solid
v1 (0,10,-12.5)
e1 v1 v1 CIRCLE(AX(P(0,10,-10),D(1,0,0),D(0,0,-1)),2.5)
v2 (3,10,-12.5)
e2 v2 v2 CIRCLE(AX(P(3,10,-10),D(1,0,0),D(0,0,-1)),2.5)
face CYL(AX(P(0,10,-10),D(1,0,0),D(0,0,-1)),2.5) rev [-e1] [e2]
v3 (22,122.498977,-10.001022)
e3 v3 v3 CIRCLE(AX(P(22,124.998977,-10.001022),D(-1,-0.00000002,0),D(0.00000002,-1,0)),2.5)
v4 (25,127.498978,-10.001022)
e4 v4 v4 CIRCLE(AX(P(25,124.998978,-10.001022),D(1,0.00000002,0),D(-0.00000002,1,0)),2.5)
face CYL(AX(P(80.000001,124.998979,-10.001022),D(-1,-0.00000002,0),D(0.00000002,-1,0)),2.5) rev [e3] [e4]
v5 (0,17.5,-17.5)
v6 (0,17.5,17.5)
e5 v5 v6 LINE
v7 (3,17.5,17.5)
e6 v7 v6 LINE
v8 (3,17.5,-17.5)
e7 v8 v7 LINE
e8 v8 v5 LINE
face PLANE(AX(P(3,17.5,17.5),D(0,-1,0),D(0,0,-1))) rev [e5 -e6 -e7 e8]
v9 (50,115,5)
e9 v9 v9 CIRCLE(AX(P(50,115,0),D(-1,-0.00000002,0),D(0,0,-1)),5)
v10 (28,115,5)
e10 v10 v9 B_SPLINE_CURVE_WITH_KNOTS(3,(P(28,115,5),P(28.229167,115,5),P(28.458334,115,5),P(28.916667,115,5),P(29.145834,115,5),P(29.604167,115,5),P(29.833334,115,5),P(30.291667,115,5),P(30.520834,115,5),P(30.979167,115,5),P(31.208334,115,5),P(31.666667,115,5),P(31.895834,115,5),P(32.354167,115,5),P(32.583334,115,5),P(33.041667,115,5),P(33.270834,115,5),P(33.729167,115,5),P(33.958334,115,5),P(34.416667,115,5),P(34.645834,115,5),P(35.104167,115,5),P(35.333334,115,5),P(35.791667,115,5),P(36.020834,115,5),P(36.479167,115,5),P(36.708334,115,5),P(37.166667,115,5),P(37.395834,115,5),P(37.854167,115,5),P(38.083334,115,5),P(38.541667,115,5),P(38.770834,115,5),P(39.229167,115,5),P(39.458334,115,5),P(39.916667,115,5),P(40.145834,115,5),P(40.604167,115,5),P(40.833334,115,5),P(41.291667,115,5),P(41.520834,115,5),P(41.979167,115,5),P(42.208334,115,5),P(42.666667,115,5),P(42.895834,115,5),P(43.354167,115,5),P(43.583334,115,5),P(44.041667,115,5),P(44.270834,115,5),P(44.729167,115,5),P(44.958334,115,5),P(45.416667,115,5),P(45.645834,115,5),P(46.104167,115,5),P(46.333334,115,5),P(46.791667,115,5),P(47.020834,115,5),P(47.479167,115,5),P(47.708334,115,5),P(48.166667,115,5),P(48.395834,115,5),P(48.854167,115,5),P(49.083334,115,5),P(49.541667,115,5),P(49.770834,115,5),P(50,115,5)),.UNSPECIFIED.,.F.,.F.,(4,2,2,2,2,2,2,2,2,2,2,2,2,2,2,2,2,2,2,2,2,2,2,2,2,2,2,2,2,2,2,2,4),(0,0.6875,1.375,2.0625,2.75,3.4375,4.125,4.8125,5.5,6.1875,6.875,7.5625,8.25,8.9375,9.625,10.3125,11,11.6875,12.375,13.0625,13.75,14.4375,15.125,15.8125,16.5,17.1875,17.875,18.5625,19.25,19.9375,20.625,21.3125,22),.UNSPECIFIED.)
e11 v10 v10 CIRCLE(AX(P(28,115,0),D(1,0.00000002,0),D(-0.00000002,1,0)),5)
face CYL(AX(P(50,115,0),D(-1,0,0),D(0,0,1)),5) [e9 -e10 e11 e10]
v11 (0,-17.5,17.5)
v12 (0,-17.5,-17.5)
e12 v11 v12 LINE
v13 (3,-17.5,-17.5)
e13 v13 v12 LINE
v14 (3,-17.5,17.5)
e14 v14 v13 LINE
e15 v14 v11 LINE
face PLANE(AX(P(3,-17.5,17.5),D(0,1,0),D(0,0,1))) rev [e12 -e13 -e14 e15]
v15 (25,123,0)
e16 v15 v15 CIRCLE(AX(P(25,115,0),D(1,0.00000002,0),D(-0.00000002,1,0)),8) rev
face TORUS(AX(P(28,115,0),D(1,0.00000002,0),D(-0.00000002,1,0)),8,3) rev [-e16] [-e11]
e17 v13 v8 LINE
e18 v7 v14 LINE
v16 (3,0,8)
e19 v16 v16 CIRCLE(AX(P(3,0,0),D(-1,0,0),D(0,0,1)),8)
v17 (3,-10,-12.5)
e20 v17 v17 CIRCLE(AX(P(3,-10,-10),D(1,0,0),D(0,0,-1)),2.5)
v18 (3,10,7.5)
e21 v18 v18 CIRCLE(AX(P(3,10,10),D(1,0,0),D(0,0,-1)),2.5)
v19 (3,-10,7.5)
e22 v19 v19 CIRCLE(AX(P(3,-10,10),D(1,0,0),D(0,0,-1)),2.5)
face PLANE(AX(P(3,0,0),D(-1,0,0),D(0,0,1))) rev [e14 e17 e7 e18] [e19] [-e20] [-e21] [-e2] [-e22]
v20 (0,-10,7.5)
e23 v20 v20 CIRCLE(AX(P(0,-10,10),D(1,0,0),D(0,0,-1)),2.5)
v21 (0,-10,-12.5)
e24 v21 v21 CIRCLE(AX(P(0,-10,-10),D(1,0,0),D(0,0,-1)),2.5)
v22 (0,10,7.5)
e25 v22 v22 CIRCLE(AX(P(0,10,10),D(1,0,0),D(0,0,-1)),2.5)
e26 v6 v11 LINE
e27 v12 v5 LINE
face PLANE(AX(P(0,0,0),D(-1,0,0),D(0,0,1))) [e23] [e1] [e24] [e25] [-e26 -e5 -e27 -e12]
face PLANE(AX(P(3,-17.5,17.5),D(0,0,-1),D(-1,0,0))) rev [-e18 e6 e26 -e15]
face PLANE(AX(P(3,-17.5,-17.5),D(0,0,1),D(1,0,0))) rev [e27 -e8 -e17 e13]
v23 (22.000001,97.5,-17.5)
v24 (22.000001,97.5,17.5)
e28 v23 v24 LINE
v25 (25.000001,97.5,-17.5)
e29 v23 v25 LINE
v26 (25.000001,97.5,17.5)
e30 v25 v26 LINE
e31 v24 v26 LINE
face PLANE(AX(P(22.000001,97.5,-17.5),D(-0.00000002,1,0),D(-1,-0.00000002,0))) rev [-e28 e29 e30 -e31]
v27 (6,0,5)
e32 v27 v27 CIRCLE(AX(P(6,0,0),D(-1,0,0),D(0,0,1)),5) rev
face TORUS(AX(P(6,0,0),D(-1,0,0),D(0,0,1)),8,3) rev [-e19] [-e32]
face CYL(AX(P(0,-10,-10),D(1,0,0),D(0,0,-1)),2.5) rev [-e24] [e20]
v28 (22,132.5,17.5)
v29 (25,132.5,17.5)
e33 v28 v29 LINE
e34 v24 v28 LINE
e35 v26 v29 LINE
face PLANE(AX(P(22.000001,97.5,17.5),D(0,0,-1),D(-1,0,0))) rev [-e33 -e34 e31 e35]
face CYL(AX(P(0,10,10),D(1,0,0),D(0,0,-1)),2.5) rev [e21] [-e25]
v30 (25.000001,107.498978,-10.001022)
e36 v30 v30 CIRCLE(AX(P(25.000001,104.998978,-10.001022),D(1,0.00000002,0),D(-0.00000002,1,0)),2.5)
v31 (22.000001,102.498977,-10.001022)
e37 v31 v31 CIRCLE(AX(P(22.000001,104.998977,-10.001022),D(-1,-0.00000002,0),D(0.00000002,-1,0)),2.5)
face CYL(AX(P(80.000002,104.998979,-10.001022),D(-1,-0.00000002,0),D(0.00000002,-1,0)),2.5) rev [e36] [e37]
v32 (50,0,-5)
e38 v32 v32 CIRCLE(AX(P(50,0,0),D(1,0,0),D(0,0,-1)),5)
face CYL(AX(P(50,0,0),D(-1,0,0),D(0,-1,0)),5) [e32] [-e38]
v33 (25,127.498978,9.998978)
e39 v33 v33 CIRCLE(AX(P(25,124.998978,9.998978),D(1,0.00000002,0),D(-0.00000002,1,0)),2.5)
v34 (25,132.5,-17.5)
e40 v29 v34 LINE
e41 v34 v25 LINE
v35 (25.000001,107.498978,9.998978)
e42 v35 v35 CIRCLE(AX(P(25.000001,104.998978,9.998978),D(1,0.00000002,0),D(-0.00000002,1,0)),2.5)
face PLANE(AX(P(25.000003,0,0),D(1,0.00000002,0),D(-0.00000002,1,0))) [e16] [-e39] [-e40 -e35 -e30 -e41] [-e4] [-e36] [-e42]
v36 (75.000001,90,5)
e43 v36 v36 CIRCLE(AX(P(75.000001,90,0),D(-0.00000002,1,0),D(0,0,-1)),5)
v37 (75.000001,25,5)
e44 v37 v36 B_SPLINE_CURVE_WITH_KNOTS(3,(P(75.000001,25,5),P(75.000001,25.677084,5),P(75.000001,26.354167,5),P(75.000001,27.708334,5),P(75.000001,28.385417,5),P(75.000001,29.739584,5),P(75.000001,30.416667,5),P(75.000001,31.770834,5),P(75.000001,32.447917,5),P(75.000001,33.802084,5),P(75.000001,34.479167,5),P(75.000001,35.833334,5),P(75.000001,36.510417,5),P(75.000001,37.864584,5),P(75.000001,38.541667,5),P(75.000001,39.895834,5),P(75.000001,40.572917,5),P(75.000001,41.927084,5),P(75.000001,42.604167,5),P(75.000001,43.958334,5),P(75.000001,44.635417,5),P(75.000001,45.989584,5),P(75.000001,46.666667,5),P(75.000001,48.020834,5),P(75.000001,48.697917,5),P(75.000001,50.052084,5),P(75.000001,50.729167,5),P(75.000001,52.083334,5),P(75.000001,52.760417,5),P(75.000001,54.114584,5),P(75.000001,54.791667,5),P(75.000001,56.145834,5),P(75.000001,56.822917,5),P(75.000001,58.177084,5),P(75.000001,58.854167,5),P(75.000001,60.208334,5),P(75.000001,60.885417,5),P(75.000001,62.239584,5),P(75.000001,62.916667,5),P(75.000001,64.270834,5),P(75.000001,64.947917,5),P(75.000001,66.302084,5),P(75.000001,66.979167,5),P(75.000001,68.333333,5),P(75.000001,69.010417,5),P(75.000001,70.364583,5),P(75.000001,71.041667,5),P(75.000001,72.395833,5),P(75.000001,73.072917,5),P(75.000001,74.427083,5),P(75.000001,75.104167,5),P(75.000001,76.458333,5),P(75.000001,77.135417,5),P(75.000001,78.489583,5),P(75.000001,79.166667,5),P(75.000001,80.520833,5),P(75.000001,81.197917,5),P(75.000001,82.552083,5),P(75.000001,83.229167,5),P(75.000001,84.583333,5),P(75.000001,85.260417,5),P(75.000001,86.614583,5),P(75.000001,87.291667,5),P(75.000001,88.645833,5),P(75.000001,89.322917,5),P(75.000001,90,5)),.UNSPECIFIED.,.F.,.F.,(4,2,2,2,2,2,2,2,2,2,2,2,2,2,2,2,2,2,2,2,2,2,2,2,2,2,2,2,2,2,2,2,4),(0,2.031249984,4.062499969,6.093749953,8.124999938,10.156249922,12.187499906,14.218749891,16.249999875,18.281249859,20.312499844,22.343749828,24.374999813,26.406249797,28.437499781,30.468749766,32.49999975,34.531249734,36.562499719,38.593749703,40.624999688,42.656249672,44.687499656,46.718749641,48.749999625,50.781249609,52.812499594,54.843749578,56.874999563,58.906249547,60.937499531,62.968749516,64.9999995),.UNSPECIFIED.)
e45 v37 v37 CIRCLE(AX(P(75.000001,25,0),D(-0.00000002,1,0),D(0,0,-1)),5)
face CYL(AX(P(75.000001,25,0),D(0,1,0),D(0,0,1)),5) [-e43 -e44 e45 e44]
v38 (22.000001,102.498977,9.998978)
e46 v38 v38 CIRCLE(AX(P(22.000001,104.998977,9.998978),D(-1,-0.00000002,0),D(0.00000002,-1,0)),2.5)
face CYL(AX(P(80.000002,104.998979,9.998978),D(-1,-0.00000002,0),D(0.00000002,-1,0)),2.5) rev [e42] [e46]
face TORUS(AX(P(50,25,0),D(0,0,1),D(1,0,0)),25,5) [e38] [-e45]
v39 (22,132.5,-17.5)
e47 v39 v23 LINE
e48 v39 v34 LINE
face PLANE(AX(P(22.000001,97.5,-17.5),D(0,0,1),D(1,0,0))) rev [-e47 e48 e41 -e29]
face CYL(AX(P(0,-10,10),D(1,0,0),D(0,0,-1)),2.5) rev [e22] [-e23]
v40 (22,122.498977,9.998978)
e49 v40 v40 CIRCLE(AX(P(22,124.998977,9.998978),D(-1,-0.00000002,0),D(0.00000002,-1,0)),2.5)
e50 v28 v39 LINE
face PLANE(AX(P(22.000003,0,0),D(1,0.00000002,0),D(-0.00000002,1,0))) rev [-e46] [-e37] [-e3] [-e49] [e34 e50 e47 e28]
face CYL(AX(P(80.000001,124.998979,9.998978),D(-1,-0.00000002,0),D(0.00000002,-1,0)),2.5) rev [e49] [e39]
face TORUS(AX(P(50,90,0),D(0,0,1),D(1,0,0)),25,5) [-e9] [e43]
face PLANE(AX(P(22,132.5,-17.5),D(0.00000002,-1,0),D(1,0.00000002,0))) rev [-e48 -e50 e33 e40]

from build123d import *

# Parameters (mm, degrees)
SKETCH1_W            = 35
SKETCH1_H            = 35
BOSS_EXTRUDE1_DEPTH  = 3
SKETCH2_R            = 2.5
CUT_EXTRUDE1_DEPTH   = 25.929901725
LPATTERN1_COUNT      = 2
LPATTERN1_PITCH      = 20
LPATTERN1_COUNT_DIR2 = 2
LPATTERN1_PITCH_DIR2 = 20
SKETCH9_R            = 5
SKETCH10_W           = 35
SKETCH10_H           = 35
BOSS_EXTRUDE2_DEPTH  = 3
SKETCH11_R           = 2.5
CUT_EXTRUDE2_DEPTH   = 146.693169663
LPATTERN4_COUNT      = 2
LPATTERN4_PITCH      = 20
LPATTERN4_COUNT_DIR2 = 2
LPATTERN4_PITCH_DIR2 = 20
FILLET1_R            = 3
FILLET2_R            = 3


with BuildPart() as part:
    # Sketch1 → Boss-Extrude1 (new body)
    with BuildSketch(Plane(origin=(0, 0, 0), x_dir=(0, 0, -1), z_dir=(1, 0, 0))):
        Rectangle(SKETCH1_W, SKETCH1_H)
    extrude(amount=BOSS_EXTRUDE1_DEPTH)

    # Sketch2 → Cut-Extrude1 (cut, through all)
    with BuildSketch(Plane(origin=(3, 0, 0), x_dir=(0, 0, -1), z_dir=(1, 0, 0))):
        with Locations((10, 10)):
            Circle(SKETCH2_R)
    cut_extrude1 = extrude(amount=-CUT_EXTRUDE1_DEPTH, mode=Mode.SUBTRACT)

    # LPattern1: Cut-Extrude1 2 × 2
    with Locations(*[(0, -j * LPATTERN1_PITCH_DIR2, i * LPATTERN1_PITCH) for i in range(LPATTERN1_COUNT) for j in range(LPATTERN1_COUNT_DIR2) if (i, j) != (0, 0)]):
        add(cut_extrude1, mode=Mode.SUBTRACT)

    # Sweep1: sweep along a path in Sketch8
    with BuildLine(Plane.XY) as sweep1_path:
        Line((3, 0), (50, 0))
        ThreePointArc((50, 0), (67.677670206, 7.32233044), (75.000001, 25.0000005))
        Line((75.000001, 25.0000005), (75.000001, 90))
        ThreePointArc((75.000001, 90), (67.677670383, 107.677669883), (50.0000005, 115.0000005))
        Line((50.0000005, 115.0000005), (25.0000005, 115.0000005))
    # Sketch9 → Sweep1 (sweep)
    with BuildSketch(Plane(origin=(3, 0, 0), x_dir=(0, 0, -1), z_dir=(1, 0, 0))):
        Circle(SKETCH9_R)
    sweep(path=sweep1_path.line)

    # Sketch10 → Boss-Extrude2 (add)
    with BuildSketch(Plane(origin=(25.000002799, 5e-07, 0), x_dir=(0, 0, 1), z_dir=(-0.9999999999999998, -1.9990267318907433e-08, 0))):
        with Locations((0, 114.9999995)):
            Rectangle(SKETCH10_W, SKETCH10_H)
    extrude(amount=BOSS_EXTRUDE2_DEPTH)

    # Sketch11 → Cut-Extrude2 (cut, through all)
    with BuildSketch(Plane(origin=(22.000002799, 4.4e-07, 0), x_dir=(0, 0, 1), z_dir=(-0.9999999999999998, -1.999026737793079e-08, 0))):
        with Locations(Location((9.998977528, 124.998977028, 0), (0, 0, 270))):
            Circle(SKETCH11_R)
    cut_extrude2 = extrude(amount=-CUT_EXTRUDE2_DEPTH, mode=Mode.SUBTRACT)

    # LPattern4: Cut-Extrude2 2 × 2
    with Locations(*[(0, -j * LPATTERN4_PITCH_DIR2, -i * LPATTERN4_PITCH) for i in range(LPATTERN4_COUNT) for j in range(LPATTERN4_COUNT_DIR2) if (i, j) != (0, 0)]):
        add(cut_extrude2, mode=Mode.SUBTRACT)

    # Fillet1
    fillet1_edges = [part.edges().sort_by_distance(p)[0] for p in [
        (25.0000005, 115.0000005, 5),
    ]]
    fillet(fillet1_edges, radius=FILLET1_R)

    # Fillet2
    fillet2_edges = [part.edges().sort_by_distance(p)[0] for p in [
        (3, 0, 5),
    ]]
    fillet(fillet2_edges, radius=FILLET2_R)


solid = part.part
